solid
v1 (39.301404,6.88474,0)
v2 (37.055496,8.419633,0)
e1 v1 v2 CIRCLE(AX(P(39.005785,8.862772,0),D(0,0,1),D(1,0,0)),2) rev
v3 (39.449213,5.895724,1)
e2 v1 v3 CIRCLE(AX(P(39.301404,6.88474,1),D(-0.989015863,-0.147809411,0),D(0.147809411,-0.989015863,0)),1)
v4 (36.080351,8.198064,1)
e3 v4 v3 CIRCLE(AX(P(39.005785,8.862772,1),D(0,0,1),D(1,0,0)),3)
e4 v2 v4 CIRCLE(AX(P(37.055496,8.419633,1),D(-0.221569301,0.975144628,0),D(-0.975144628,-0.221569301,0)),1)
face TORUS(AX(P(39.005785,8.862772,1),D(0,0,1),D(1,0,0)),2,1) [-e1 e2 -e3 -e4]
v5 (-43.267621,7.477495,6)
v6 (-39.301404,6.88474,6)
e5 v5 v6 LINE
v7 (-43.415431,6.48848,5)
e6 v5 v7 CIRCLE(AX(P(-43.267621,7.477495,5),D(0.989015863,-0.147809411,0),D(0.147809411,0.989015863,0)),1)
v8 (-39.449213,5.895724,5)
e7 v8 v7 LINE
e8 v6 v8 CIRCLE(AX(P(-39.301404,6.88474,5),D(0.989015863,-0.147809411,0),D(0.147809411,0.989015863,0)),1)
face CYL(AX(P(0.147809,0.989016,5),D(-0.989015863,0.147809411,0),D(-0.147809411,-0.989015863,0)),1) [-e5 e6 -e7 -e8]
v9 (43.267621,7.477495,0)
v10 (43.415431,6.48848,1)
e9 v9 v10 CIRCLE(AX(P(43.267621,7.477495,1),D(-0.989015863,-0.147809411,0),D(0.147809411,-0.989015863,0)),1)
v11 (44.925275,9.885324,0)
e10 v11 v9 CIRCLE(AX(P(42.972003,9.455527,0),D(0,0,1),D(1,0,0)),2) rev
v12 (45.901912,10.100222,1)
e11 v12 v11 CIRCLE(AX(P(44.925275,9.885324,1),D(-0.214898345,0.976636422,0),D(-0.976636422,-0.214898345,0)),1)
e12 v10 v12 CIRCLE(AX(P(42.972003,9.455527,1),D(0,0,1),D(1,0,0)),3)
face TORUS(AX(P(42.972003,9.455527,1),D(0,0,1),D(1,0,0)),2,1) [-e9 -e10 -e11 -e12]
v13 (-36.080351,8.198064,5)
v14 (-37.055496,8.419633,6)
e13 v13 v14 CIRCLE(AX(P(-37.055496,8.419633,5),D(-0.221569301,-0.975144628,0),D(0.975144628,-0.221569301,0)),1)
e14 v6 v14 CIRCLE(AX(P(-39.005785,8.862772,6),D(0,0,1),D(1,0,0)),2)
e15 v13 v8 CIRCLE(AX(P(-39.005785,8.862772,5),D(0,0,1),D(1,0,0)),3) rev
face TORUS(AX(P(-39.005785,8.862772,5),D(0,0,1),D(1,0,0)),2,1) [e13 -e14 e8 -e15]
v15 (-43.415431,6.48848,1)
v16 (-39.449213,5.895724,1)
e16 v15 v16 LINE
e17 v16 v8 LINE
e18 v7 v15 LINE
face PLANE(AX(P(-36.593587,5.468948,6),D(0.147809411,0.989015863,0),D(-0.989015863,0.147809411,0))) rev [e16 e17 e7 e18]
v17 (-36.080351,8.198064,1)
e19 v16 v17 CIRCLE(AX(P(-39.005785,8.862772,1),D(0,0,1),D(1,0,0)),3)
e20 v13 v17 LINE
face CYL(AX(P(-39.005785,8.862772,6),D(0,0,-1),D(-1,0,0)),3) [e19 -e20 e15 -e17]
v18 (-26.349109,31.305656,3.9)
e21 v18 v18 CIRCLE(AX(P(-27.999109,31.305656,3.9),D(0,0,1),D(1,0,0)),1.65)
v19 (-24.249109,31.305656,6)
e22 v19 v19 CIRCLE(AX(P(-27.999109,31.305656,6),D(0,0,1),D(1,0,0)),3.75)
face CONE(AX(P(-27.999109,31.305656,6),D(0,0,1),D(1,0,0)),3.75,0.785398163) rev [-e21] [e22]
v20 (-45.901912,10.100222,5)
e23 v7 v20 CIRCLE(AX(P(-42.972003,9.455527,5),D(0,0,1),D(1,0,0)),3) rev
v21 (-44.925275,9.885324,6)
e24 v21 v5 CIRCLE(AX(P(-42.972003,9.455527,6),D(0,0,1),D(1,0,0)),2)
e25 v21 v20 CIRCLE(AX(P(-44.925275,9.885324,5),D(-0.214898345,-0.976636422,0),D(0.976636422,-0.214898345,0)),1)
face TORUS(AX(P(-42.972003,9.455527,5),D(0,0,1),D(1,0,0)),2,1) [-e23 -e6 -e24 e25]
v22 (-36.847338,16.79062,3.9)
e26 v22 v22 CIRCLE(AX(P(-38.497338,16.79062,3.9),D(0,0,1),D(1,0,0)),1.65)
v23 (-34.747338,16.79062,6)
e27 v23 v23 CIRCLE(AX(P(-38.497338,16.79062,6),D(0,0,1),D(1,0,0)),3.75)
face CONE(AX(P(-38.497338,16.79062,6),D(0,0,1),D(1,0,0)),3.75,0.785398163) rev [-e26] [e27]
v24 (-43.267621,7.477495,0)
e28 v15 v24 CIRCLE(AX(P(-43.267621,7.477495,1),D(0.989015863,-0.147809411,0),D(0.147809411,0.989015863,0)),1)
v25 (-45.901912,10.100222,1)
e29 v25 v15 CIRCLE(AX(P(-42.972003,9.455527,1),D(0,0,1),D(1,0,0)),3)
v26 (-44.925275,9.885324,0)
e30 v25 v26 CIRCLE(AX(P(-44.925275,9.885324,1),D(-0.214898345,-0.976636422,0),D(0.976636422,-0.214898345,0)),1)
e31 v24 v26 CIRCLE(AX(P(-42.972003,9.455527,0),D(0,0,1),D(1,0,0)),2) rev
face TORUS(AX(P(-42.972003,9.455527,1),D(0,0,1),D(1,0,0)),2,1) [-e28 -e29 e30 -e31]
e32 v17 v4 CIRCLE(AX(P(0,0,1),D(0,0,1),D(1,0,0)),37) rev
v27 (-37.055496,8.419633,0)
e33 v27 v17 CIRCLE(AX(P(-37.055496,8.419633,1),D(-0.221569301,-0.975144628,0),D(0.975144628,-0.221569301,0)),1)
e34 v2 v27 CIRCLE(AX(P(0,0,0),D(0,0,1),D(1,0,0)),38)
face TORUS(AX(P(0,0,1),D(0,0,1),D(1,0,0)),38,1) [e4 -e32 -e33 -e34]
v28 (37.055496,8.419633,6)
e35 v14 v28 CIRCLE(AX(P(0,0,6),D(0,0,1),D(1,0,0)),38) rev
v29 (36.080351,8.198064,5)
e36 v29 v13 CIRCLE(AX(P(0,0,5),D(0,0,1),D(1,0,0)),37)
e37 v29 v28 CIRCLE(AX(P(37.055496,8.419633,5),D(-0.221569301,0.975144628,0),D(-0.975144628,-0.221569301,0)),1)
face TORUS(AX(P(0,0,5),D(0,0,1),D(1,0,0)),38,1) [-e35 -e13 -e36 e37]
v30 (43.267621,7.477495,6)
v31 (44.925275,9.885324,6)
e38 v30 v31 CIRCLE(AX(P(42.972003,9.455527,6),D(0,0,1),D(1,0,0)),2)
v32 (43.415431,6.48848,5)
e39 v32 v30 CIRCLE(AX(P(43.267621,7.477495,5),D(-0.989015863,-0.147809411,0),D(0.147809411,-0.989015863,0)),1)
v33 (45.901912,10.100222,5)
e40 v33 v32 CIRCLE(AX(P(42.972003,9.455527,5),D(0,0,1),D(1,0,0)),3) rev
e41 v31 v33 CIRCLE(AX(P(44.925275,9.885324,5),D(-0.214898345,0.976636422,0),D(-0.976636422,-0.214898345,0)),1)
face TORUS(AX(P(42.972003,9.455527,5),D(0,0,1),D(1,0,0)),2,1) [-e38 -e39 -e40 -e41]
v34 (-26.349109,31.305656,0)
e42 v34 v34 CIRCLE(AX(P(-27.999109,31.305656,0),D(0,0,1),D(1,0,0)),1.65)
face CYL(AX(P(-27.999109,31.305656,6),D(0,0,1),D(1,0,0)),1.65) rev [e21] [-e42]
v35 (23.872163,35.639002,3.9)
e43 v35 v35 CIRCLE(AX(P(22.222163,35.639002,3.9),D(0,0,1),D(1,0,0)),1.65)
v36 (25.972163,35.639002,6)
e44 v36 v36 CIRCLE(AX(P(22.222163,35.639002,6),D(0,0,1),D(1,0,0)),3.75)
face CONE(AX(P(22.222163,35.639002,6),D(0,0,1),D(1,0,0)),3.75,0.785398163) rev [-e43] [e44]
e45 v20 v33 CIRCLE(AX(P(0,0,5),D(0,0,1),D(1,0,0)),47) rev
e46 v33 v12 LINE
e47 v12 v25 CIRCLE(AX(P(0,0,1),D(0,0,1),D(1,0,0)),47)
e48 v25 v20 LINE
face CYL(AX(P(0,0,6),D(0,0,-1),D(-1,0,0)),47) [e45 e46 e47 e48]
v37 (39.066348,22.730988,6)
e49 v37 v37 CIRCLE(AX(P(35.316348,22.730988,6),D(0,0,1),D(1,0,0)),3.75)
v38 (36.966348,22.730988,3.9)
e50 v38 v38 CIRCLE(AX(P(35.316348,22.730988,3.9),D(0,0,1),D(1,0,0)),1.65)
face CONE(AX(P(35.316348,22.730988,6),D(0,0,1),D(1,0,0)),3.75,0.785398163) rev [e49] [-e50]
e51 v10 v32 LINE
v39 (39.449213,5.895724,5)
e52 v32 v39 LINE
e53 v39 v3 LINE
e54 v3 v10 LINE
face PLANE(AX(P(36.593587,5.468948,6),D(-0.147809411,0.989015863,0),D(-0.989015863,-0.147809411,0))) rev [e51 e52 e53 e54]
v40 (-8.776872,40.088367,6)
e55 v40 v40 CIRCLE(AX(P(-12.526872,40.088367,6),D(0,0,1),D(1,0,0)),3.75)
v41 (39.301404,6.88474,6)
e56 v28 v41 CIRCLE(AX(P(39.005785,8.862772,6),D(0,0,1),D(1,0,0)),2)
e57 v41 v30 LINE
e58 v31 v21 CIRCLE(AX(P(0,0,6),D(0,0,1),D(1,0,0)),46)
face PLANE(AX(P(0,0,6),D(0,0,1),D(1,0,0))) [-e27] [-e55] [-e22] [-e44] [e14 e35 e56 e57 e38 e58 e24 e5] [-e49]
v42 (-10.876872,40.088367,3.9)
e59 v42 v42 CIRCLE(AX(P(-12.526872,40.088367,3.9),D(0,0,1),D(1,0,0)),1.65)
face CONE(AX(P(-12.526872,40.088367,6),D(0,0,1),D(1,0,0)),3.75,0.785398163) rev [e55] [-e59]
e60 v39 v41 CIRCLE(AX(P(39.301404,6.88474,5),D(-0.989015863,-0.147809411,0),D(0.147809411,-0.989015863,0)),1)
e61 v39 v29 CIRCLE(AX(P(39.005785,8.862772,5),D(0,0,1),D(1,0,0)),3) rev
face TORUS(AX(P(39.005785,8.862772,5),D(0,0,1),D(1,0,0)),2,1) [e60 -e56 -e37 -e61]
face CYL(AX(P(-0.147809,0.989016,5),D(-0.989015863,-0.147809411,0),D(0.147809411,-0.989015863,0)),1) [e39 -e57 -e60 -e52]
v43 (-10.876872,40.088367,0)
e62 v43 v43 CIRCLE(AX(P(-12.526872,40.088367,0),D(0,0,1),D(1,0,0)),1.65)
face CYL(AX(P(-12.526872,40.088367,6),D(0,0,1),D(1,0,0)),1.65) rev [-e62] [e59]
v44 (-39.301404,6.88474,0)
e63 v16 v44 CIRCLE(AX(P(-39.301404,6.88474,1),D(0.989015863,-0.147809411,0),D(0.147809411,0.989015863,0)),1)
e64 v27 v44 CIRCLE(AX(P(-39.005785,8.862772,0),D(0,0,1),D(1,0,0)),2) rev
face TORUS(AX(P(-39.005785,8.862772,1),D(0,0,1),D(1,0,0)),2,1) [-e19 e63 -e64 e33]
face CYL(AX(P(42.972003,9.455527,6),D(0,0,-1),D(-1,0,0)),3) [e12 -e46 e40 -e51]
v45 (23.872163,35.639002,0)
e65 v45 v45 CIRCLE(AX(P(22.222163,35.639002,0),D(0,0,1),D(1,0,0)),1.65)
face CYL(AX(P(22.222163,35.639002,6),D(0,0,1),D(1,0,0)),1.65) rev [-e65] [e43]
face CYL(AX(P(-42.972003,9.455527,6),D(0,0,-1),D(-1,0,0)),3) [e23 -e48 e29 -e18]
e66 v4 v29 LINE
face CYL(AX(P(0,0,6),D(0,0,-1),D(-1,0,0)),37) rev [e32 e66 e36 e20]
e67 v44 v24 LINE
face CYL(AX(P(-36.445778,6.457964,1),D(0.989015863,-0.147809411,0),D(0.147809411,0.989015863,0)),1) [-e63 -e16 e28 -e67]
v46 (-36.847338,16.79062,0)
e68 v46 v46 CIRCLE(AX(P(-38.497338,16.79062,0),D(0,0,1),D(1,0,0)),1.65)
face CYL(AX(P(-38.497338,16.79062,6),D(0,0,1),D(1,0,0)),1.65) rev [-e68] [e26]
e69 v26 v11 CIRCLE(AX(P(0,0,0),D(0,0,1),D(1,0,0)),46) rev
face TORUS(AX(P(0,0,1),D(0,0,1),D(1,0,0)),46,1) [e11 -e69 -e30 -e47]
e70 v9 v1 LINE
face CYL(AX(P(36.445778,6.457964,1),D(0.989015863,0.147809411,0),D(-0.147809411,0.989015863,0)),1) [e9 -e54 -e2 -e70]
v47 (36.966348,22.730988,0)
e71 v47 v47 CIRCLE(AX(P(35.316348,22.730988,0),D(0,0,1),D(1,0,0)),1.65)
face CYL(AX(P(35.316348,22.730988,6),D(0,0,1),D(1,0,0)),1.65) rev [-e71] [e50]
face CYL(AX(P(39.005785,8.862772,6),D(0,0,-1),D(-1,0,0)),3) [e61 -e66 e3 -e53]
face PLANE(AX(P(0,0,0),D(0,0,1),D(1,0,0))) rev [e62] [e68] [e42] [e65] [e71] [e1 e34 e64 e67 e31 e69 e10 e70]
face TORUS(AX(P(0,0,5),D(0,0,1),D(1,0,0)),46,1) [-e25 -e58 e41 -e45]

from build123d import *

# Parameters (mm, degrees)
EXTRUDE_1_DEPTH           = 6
FILLET_1_R                = 3
HOLE_WIZARD_1_D           = 3.3
HOLE_WIZARD_1_DEPTH       = 7.5
HOLE_WIZARD_1_CSINK_D     = 7.5
HOLE_WIZARD_1_CSINK_ANGLE = 90
HOLE_WIZARD_1_TIP         = 0.991420021
FILLET_2_R                = 1


with BuildPart() as part:
    # 草图1 → 凸台-拉伸1 (new body)
    with BuildSketch(Plane.XY):
        with BuildLine():
            Line((-36.593586944, 5.468948212), (-46.483745578, 6.947042323))
            ThreePointArc((-46.483745578, 6.947042323), (0, 47), (46.483745578, 6.947042323))
            Line((46.483745578, 6.947042323), (36.593586944, 5.468948212))
            ThreePointArc((36.593586944, 5.468948212), (0, 37), (-36.593586944, 5.468948212))
        make_face()
    extrude(amount=EXTRUDE_1_DEPTH)

    # 圆角1
    fillet_1_edges = [part.edges().sort_by_distance(p)[0] for p in [
        (46.483745578, 6.947042323, 3),
        (36.593586944, 5.468948212, 3),
        (-36.593586944, 5.468948212, 3),
        (-46.483745578, 6.947042323, 3),
    ]]
    fillet(fillet_1_edges, radius=FILLET_1_R)

    # 打孔尺寸(%根据)内六角花形半沉头螺钉的类型1
    with Locations(Plane.XY.offset(6)):
        with Locations((-38.497337773, 16.790620208), (-27.999109004, 31.305656064), (-12.526872455, 40.088366806), (22.222162979, 35.639001962), (35.316348104, 22.730988481)):
            CounterSinkHole(HOLE_WIZARD_1_D / 2, HOLE_WIZARD_1_CSINK_D / 2, depth=HOLE_WIZARD_1_DEPTH, counter_sink_angle=HOLE_WIZARD_1_CSINK_ANGLE)
            with Locations((0, 0, -(HOLE_WIZARD_1_DEPTH + HOLE_WIZARD_1_TIP / 2))):  # 118° drill point
                Cone(0, HOLE_WIZARD_1_D / 2, HOLE_WIZARD_1_TIP, mode=Mode.SUBTRACT)

    # 圆角2
    fillet_2_edges = [part.edges().sort_by_distance(p)[0] for p in [
        (41.432322076, 6.192102022, 0),
        (41.432322076, 6.192102022, 6),
        (0, 47, 0),
        (0, 37, 0),
        (-41.432322076, 6.192102022, 0),
        (-37.313071306, 6.385935339, 0),
        (-45.443039337, 7.754357798, 0),
        (45.443039337, 7.754357798, 0),
        (37.313071306, 6.385935339, 0),
        (0, 37, 6),
        (0, 47, 6),
        (-41.432322076, 6.192102022, 6),
        (-37.313071306, 6.385935339, 6),
        (-45.443039337, 7.754357798, 6),
        (45.443039337, 7.754357798, 6),
        (37.313071306, 6.385935339, 6),
    ]]
    fillet(fillet_2_edges, radius=FILLET_2_R)


solid = part.part
